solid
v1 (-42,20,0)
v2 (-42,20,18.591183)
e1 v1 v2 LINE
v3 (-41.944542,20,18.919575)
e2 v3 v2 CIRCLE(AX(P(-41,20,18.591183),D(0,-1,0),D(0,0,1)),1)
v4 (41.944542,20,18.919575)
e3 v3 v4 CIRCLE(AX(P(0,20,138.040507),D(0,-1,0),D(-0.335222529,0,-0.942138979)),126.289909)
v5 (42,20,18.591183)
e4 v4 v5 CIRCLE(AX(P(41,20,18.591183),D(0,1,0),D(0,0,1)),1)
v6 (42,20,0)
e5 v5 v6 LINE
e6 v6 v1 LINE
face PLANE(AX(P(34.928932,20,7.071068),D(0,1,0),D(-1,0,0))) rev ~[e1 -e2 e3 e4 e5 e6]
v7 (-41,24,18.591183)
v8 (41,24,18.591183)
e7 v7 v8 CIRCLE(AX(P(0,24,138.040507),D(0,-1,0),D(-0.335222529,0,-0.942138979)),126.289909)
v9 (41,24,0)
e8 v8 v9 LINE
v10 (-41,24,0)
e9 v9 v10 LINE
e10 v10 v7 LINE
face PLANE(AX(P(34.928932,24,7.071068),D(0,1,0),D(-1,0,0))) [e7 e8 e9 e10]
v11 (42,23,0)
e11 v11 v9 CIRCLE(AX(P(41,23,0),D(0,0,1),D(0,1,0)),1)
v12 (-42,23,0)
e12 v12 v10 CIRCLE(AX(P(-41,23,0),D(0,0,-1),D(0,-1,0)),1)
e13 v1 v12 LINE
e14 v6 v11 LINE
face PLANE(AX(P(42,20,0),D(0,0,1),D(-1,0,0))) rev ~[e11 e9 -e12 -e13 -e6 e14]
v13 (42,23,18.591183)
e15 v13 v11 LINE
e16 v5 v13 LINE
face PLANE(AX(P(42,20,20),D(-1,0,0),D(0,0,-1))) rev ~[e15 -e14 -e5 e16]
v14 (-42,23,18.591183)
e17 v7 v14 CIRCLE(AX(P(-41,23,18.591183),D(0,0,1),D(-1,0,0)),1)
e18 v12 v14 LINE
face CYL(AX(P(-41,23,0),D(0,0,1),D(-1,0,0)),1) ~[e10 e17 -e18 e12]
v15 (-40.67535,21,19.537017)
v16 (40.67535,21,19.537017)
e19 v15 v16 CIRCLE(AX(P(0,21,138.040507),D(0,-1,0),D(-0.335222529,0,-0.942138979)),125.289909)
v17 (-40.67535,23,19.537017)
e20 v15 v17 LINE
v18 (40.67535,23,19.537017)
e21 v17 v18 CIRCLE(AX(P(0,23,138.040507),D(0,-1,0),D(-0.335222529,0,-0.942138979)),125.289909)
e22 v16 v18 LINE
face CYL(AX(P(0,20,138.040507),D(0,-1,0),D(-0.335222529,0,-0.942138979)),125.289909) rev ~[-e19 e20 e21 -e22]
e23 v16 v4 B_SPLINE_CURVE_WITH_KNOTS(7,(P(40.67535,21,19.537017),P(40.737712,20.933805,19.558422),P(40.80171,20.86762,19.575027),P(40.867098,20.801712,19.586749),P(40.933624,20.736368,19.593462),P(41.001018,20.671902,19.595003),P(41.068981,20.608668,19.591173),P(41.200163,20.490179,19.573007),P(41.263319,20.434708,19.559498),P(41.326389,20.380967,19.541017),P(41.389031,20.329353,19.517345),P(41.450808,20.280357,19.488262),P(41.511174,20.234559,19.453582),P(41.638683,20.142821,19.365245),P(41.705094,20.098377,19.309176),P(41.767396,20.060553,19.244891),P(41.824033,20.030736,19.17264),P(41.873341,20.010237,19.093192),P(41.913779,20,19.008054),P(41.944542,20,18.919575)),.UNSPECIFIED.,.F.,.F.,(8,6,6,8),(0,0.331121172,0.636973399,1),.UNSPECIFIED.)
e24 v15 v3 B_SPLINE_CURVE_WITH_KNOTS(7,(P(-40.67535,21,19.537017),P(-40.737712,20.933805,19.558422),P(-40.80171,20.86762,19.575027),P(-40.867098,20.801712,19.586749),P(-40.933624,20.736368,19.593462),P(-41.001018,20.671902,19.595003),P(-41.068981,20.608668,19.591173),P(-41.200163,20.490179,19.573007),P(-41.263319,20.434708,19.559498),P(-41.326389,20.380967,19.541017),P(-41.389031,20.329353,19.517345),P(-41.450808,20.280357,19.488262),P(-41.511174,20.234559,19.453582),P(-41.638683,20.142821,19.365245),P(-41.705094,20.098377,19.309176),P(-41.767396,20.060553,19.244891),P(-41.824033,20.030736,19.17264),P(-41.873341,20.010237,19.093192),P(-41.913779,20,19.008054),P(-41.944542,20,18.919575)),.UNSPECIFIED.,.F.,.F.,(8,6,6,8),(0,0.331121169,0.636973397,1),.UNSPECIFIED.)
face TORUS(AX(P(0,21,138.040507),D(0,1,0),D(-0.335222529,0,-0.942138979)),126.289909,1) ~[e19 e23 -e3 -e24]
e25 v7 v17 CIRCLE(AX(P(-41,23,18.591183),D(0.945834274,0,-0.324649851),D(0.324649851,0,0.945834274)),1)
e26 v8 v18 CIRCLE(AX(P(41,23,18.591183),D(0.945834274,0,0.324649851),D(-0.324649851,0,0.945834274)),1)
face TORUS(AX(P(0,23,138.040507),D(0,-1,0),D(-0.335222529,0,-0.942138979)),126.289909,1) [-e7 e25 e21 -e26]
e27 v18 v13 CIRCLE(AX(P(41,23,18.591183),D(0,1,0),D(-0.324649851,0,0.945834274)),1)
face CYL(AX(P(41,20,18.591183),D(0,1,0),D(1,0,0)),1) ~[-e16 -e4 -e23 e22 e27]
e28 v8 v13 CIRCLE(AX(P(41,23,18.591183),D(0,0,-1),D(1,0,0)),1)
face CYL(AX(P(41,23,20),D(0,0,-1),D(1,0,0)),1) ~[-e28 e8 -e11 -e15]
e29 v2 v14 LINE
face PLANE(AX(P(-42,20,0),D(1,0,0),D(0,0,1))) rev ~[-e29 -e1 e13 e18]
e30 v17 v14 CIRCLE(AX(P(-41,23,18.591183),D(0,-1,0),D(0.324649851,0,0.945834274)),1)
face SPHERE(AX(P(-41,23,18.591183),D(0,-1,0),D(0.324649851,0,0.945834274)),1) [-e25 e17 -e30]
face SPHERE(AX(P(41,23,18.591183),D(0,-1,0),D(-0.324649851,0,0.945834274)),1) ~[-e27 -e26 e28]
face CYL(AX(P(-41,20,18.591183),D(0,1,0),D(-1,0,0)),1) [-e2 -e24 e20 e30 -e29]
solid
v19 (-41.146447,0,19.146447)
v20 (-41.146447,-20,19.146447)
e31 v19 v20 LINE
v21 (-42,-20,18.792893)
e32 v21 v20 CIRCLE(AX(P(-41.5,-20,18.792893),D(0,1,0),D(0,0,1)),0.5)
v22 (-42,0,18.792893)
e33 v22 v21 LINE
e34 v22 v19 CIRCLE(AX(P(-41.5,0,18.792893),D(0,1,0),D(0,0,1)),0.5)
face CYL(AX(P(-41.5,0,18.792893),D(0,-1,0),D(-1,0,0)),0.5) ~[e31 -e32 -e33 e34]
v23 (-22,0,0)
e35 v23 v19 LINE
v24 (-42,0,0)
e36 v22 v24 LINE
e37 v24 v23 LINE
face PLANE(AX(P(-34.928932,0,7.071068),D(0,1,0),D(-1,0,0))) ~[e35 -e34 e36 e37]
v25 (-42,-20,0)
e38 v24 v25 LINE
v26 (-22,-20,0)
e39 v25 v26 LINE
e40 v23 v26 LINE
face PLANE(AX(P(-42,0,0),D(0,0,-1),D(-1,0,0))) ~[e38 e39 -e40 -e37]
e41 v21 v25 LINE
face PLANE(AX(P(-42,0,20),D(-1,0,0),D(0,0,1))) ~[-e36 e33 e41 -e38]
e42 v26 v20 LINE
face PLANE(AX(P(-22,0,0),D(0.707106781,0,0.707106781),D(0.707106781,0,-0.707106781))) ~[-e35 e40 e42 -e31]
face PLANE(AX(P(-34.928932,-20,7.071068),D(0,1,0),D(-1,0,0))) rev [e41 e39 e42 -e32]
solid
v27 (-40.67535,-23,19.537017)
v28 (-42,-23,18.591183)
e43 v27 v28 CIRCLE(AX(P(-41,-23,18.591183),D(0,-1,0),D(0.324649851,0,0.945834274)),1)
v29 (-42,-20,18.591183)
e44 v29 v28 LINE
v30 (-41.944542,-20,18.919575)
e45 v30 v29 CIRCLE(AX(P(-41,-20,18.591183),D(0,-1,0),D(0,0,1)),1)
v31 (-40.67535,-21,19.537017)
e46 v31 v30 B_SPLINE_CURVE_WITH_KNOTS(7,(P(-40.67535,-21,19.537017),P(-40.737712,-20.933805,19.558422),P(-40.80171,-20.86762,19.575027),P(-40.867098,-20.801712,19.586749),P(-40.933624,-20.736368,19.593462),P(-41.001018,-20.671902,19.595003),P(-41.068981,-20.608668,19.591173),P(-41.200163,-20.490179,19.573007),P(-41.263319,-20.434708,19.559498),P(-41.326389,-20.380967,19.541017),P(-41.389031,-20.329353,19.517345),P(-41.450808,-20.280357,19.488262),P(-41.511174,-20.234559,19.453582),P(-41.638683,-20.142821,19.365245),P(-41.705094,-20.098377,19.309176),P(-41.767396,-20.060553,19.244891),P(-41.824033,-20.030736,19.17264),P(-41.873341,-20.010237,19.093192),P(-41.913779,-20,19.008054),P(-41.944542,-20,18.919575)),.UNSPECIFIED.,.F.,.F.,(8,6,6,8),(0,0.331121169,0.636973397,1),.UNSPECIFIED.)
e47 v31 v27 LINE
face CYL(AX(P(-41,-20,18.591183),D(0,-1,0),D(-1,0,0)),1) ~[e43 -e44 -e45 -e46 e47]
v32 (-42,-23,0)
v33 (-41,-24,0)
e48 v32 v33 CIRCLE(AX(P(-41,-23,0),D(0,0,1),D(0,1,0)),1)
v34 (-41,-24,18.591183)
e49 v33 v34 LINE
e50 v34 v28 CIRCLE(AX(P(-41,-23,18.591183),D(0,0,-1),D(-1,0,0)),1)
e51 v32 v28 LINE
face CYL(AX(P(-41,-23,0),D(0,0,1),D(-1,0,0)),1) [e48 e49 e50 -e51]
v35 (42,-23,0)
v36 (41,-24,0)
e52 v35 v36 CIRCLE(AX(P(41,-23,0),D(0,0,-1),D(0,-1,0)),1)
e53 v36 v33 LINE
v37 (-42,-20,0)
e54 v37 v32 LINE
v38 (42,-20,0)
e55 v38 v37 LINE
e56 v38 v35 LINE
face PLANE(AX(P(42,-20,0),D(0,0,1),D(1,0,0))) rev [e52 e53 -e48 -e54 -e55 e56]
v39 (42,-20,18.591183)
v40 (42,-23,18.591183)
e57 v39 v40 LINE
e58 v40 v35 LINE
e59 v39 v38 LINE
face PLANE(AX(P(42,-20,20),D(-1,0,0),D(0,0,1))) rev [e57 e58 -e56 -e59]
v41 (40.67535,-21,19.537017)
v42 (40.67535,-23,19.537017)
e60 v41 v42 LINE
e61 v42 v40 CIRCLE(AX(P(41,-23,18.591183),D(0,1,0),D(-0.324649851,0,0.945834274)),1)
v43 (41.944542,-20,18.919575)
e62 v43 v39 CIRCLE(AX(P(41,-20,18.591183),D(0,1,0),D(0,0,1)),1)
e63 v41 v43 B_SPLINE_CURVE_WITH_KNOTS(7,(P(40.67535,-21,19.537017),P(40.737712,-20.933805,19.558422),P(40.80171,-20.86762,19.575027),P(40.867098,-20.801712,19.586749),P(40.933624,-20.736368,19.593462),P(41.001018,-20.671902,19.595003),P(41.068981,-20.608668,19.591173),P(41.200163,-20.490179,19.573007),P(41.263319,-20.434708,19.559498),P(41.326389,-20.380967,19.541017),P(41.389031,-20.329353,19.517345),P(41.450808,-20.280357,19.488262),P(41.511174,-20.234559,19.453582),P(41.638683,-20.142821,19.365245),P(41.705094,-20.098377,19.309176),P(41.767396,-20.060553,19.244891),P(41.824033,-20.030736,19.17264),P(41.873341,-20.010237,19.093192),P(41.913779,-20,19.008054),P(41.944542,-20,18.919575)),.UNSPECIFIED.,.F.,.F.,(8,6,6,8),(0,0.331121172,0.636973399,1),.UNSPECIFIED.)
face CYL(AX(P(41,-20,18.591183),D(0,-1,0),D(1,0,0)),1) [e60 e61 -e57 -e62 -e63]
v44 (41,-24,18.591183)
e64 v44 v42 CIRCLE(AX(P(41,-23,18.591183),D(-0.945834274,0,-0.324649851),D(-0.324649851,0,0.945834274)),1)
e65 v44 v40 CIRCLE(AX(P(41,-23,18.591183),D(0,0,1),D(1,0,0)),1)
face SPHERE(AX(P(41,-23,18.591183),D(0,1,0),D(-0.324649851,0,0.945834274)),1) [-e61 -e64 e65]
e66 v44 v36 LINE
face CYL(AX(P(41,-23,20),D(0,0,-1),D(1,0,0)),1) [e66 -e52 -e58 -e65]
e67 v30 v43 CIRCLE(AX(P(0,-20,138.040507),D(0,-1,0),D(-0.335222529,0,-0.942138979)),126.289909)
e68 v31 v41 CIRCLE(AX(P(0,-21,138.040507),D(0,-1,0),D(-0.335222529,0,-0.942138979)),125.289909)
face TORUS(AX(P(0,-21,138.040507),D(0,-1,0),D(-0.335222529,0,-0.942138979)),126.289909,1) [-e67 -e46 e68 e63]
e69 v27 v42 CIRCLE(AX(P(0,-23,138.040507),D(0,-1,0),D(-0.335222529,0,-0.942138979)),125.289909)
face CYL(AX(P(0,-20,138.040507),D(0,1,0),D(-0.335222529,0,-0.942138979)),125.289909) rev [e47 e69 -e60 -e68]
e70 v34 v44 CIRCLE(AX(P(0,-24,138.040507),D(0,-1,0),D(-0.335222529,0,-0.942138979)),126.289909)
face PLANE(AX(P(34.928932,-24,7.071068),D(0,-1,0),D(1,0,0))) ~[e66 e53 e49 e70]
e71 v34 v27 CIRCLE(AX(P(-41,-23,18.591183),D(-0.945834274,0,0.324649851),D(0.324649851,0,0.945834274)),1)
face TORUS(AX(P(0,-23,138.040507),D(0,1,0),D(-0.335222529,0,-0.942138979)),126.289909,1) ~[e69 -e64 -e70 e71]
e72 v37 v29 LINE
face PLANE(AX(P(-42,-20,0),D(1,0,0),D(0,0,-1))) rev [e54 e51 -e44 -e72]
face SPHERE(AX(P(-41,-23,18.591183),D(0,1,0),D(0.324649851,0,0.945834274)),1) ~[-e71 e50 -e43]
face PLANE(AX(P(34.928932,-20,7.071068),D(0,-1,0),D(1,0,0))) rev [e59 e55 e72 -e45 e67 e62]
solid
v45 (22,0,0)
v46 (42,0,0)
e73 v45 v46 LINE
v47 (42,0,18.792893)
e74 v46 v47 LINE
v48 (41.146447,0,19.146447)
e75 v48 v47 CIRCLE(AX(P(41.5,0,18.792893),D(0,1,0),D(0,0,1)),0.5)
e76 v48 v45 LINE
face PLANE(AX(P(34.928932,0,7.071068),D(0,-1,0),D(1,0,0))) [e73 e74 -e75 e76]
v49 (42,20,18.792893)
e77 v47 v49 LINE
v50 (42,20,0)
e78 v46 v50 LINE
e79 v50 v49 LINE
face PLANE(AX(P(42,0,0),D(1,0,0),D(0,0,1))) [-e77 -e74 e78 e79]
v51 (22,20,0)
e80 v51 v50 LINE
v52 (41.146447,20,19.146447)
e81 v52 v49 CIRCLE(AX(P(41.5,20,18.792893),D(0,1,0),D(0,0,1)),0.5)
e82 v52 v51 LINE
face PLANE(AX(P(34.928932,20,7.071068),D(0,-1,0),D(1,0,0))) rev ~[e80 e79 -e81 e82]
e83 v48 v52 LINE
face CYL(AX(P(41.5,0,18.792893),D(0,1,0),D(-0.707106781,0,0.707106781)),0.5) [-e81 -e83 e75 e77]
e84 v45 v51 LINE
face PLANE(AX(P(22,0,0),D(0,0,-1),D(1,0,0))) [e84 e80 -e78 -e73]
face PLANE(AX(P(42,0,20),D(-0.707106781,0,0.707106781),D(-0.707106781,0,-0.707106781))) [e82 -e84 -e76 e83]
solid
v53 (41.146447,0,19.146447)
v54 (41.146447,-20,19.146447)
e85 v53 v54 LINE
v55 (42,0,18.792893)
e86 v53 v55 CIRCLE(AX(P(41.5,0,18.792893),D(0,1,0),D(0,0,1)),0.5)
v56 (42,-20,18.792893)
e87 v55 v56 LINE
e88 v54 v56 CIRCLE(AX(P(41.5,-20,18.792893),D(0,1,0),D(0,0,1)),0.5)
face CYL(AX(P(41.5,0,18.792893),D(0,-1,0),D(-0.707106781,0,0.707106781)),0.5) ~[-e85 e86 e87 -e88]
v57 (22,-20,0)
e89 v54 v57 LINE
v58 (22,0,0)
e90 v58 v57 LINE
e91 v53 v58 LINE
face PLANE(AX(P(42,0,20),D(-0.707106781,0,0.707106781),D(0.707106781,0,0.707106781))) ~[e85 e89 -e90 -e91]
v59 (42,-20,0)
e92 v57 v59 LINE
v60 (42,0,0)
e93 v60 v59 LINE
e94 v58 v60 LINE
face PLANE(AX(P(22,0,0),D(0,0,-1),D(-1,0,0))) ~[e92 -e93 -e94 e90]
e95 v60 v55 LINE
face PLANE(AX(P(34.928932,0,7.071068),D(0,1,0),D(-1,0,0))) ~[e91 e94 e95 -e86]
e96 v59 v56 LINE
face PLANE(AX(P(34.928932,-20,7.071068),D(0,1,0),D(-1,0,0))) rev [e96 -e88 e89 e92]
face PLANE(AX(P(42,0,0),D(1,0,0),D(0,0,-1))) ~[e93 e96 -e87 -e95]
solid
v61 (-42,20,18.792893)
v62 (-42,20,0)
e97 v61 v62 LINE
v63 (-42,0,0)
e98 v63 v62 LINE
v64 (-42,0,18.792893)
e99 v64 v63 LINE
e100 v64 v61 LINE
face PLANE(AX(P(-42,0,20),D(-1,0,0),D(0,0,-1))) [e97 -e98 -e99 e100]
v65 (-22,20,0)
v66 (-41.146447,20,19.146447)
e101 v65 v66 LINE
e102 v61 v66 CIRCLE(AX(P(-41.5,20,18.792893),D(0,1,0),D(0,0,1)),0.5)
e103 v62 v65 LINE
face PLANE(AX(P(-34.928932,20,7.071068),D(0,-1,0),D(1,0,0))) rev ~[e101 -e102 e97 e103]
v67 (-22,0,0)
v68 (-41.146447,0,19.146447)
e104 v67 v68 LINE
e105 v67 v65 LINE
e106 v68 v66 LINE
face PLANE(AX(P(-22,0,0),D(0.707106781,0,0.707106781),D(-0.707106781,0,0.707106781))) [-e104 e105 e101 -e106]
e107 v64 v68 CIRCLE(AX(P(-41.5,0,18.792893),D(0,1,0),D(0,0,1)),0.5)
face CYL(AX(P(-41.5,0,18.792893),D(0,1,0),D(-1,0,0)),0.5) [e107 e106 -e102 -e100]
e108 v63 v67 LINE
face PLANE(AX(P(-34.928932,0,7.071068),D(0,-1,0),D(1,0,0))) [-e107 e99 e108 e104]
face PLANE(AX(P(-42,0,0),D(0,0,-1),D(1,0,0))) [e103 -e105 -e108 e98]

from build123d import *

# Parameters (mm, degrees)
F1_DEPTH = 20
F3_DEPTH = 4
F4_R     = 1
F5_R     = 0.5


with BuildPart() as f1:
    # F0 (on Front) → F1 (new body)
    with BuildSketch(Plane.XZ):
        Polygon((-42, 20), (-42, 0), (-22, 0), align=None)
        Polygon((42, 20), (22, 0), (42, 0), align=None)
    extrude(amount=-F1_DEPTH)

    # F5
    f5_edges = [f1.edges().sort_by_distance(p)[0] for p in [
        (42, 10, 20),
        (-42, 10, 20),
    ]]
    fillet(f5_edges, radius=F5_R)


with BuildPart() as f3:
    # F2 (on face) → F3 (new body)
    with BuildSketch(Plane(origin=(0, 20, 0), x_dir=(-1, 0, 0), z_dir=(0, 1, 0))):
        Polygon((-22, 0), (-42, 20), (-42, 0), align=None)
        with BuildLine():
            ThreePointArc((42, 20), (0, 12.750598), (-42, 20))
            Line((-42, 20), (-22, 0))
            Line((-22, 0), (42, 0))
            Line((42, 0), (42, 20))
        make_face()
    extrude(amount=F3_DEPTH)

    # F4
    f4_edges = [f3.edges().sort_by_distance(p)[0] for p in [
        (-42, 22, 20),
        (42, 22, 20),
        (0, 20, 12.750598),
        (0, 24, 12.750598),
        (42, 24, 10),
        (-42, 24, 10),
    ]]
    fillet(f4_edges, radius=F4_R)


with BuildPart() as f6_1:
    # F6: instance of F1
    add(f1.part.mirror(Plane.XZ))


with BuildPart() as f6_2:
    # F6: instance of F3
    add(f3.part.mirror(Plane.XZ))


solid = Compound([f1.part, f3.part, f6_1.part, f6_2.part])
